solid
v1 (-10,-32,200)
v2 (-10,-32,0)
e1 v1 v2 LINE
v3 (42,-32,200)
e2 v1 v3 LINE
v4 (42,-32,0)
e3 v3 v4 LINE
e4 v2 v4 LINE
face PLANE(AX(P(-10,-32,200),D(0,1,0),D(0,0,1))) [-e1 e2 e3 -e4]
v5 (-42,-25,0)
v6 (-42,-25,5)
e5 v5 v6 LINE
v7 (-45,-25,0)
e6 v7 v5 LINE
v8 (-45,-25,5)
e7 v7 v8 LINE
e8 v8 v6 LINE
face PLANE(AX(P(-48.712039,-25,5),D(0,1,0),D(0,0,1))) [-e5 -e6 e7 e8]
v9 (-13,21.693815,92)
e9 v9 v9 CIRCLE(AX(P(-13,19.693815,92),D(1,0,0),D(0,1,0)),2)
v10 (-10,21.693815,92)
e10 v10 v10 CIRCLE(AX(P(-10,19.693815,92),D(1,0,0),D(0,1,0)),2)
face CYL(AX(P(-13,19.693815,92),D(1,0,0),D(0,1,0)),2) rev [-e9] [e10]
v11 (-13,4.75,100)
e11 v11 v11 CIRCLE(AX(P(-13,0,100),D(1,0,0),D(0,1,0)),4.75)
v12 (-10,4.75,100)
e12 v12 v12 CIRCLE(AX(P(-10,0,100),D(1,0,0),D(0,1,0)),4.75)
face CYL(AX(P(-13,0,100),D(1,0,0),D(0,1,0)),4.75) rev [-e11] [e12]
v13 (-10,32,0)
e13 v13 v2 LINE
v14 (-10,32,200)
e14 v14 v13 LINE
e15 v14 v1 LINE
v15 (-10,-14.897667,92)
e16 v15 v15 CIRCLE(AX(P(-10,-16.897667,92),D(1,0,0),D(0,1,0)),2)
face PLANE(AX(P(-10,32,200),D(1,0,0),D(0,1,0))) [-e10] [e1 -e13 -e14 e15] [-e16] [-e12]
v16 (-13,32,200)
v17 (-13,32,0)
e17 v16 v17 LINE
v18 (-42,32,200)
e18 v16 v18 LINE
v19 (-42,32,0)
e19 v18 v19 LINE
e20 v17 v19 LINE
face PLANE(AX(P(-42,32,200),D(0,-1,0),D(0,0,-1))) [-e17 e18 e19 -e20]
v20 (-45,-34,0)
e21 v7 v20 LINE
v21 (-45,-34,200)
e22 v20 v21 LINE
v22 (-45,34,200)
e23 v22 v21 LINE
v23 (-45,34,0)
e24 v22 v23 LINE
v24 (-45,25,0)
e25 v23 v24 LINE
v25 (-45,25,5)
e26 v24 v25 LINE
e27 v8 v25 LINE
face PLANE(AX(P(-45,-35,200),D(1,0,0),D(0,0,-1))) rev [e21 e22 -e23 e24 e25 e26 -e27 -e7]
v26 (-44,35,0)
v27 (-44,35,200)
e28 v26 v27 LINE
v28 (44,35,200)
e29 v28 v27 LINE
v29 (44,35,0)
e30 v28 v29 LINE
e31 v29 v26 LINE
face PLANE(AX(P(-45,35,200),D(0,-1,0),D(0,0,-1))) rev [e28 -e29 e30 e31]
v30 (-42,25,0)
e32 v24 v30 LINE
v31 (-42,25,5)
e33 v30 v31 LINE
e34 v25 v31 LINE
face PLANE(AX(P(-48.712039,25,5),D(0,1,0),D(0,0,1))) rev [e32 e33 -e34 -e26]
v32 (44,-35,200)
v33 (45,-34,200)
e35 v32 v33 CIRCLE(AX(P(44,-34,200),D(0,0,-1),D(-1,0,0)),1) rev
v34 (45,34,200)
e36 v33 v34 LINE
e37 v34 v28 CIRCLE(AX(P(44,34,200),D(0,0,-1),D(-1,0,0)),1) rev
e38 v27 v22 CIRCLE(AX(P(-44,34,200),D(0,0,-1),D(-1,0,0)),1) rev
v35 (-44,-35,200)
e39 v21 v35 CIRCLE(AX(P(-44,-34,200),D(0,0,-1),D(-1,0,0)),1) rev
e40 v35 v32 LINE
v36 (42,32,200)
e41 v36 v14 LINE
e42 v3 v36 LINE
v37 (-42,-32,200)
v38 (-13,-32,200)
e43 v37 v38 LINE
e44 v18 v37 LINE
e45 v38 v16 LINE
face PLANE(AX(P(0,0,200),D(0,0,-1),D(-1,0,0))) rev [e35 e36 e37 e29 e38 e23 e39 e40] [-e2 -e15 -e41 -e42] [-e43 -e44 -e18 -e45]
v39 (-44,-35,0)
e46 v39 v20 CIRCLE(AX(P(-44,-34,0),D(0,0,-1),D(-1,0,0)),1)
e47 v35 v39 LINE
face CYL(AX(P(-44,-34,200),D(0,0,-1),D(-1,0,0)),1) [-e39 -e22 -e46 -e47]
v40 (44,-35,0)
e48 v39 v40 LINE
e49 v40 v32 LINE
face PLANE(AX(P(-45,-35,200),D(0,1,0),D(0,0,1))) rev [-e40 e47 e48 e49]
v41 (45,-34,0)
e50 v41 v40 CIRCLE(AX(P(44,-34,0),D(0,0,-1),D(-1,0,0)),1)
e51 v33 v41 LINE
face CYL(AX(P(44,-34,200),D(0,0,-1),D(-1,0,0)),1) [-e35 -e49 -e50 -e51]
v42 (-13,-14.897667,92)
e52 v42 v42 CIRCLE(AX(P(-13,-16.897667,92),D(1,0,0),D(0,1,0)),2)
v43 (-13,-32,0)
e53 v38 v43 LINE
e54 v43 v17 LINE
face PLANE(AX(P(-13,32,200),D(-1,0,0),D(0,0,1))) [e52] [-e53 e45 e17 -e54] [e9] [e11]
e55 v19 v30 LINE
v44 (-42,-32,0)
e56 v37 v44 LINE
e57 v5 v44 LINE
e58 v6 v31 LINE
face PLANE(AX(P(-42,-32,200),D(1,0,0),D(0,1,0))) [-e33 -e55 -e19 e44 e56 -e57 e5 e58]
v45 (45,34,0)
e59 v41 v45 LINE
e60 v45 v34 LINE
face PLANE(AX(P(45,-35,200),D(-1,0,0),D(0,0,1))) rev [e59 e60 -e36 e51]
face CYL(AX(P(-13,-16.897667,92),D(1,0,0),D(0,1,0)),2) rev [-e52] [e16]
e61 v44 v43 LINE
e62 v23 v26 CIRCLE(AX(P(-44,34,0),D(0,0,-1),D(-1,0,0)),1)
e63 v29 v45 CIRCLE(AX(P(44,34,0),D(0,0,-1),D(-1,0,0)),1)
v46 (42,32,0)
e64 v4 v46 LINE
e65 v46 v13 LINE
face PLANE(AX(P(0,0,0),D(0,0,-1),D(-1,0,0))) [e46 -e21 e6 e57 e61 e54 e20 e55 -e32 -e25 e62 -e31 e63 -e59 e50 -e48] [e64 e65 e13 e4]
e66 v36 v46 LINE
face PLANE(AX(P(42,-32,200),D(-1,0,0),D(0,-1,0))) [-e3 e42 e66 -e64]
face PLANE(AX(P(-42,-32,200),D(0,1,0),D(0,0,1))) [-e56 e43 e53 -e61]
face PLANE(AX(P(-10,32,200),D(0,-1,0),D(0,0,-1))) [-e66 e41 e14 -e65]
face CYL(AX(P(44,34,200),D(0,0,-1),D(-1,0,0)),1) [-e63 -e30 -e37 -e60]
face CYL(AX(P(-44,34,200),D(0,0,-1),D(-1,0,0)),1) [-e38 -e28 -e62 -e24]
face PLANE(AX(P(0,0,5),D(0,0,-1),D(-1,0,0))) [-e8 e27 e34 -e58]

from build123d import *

# Parameters (mm, degrees)
ESBO_O1_W                = 90
ESBO_O1_H                = 70
ESBO_O1_W_2              = 29
ESBO_O1_H_2              = 64
ESBO_O1_W_3              = 52
RESSALTO_EXTRUS_O1_DEPTH = 200
FILETE1_R                = 1
ESBO_O4_R                = 4.75
ESBO_O4_R_2              = 2
CORTE_EXTRUS_O1_DEPTH    = 3
ESBO_O5_W                = 10.309676721
ESBO_O5_H                = 50
CORTE_EXTRUS_O2_DEPTH    = 5


with BuildPart() as part:
    # Esboço1 → Ressalto-extrusão1 (new body)
    with BuildSketch(Plane.XY):
        Rectangle(ESBO_O1_W, ESBO_O1_H)
        with Locations((-27.5, 0)):
            Rectangle(ESBO_O1_W_2, ESBO_O1_H_2, mode=Mode.SUBTRACT)
        with Locations((16, 0)):
            Rectangle(ESBO_O1_W_3, ESBO_O1_H_2, mode=Mode.SUBTRACT)
    extrude(amount=RESSALTO_EXTRUS_O1_DEPTH)

    # Filete1
    filete1_edges = [part.edges().sort_by_distance(p)[0] for p in [
        (45, -35, 100),
        (-45, -35, 100),
        (-45, 35, 100),
        (45, 35, 100),
    ]]
    fillet(filete1_edges, radius=FILETE1_R)

    # Esboço4 → Corte-extrusão1 (cut)
    with BuildSketch(Plane(origin=(-10, 0, 0), x_dir=(0, 0, -1), z_dir=(1, 0, 0))):
        with Locations(Location((-100, 0, 0), (0, 0, 90))):
            Circle(ESBO_O4_R)
        with Locations(Location((-92, 19.69381461, 0), (0, 0, 90))):
            Circle(ESBO_O4_R_2)
        with Locations(Location((-92, -16.897667481, 0), (0, 0, 90))):
            Circle(ESBO_O4_R_2)
    extrude(amount=-CORTE_EXTRUS_O1_DEPTH, mode=Mode.SUBTRACT)

    # Esboço5 → Corte-extrusão2 (cut)
    with BuildSketch(Plane(origin=(0, 0, 0), x_dir=(-1, 0, 0), z_dir=(0, 0, -1))):
        with Locations((43.55720026, 0)):
            Rectangle(ESBO_O5_W, ESBO_O5_H)
    extrude(amount=-CORTE_EXTRUS_O2_DEPTH, mode=Mode.SUBTRACT)


solid = part.part
